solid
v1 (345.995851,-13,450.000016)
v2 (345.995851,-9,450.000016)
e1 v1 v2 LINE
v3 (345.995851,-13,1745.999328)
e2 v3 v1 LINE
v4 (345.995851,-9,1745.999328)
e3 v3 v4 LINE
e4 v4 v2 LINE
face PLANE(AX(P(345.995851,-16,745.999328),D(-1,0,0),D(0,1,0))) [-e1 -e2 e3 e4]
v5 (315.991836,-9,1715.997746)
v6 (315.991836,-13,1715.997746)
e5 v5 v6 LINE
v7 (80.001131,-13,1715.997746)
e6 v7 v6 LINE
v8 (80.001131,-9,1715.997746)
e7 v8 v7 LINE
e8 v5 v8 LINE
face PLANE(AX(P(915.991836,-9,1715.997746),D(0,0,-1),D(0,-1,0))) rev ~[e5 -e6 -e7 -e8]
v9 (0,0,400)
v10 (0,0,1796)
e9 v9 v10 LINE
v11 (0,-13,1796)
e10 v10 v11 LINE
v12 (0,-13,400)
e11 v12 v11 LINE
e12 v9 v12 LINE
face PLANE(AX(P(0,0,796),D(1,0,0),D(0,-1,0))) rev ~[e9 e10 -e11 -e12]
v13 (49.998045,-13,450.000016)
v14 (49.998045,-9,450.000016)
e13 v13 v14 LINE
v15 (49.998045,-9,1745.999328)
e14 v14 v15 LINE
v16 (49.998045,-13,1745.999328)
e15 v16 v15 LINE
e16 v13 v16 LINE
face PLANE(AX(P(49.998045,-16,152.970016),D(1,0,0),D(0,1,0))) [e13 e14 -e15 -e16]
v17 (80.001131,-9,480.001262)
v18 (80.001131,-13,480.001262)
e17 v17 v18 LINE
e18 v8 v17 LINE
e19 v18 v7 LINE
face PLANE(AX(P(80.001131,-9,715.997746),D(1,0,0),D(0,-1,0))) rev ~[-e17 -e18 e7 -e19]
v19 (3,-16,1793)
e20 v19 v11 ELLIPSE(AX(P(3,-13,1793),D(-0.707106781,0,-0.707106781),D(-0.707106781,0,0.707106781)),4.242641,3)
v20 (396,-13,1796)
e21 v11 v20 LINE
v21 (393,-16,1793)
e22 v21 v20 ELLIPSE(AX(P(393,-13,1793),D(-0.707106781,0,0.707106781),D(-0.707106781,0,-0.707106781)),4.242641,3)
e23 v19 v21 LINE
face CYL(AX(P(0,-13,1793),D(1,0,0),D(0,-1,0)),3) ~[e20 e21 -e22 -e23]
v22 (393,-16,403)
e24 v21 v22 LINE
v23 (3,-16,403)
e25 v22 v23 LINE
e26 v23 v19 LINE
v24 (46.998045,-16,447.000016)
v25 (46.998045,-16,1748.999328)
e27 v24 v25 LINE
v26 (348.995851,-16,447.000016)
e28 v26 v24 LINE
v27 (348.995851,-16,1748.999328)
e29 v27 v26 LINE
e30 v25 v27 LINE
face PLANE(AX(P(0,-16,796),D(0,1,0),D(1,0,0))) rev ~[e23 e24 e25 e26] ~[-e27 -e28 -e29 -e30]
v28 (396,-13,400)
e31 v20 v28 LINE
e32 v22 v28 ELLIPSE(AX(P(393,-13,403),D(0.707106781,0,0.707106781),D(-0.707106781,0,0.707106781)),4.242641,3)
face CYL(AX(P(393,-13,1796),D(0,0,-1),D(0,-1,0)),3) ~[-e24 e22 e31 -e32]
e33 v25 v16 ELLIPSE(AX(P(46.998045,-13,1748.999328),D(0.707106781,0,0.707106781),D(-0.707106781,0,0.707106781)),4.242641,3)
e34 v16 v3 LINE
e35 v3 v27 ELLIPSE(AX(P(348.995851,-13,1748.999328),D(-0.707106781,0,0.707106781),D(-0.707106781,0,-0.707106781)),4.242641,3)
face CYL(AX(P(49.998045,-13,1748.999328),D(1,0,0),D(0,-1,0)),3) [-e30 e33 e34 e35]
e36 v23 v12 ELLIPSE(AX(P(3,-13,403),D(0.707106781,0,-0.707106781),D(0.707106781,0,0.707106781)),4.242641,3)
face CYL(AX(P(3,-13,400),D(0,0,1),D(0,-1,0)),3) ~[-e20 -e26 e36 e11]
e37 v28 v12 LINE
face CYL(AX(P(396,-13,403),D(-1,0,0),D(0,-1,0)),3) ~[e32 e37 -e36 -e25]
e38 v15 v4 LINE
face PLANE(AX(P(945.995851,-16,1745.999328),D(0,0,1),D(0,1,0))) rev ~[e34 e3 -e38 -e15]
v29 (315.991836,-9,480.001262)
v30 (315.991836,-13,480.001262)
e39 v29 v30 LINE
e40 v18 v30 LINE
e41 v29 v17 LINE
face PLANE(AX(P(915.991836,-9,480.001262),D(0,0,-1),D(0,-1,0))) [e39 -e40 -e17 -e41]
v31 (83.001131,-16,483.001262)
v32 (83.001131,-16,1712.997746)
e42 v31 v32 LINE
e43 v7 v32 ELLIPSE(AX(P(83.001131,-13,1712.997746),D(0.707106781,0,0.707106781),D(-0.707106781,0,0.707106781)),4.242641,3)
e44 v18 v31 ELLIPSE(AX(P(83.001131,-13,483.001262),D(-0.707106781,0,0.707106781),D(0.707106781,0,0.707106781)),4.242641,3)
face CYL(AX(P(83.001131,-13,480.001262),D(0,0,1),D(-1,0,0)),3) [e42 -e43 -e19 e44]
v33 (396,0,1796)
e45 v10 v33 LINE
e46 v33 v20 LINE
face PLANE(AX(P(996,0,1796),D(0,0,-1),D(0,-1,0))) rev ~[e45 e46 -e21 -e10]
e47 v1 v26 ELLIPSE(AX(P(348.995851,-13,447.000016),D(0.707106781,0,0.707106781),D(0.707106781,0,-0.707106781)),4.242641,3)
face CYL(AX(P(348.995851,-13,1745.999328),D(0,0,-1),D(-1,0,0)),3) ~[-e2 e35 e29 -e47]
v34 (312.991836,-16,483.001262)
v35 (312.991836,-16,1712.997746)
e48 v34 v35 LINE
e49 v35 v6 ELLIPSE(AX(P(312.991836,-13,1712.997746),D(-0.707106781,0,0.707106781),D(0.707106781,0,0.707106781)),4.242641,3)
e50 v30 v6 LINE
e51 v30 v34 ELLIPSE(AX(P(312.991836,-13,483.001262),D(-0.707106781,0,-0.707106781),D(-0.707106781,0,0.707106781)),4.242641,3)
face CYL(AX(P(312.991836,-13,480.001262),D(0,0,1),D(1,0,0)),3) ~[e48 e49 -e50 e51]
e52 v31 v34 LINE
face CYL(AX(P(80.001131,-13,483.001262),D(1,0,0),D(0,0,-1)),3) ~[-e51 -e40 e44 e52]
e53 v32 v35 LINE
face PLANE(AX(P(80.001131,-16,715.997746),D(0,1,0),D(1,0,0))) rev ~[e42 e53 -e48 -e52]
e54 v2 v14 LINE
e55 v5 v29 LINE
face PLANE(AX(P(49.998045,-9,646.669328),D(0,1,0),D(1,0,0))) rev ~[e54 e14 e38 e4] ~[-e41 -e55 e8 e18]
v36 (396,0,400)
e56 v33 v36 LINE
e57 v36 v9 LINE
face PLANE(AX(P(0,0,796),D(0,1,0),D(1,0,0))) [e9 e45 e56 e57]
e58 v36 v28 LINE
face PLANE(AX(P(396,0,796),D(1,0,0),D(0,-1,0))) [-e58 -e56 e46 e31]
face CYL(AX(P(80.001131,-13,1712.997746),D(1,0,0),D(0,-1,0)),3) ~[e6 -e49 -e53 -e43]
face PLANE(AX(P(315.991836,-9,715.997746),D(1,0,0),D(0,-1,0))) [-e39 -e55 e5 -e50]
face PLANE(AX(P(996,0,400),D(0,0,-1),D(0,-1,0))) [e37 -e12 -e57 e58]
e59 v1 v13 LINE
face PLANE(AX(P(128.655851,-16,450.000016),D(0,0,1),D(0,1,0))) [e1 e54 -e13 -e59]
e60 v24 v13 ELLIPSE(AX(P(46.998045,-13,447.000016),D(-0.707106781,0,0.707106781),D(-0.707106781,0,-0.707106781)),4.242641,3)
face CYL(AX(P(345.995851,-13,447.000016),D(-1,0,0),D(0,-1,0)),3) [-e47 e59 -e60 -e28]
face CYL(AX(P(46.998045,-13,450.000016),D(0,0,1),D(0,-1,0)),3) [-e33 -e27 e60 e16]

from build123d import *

# Parameters (mm, degrees)
F0_W      = 44.656470418
F0_H      = 33.8078811765
F1_DEPTH  = 16
F2_DEPTH  = 796
F3_DEPTH  = 196
F4_W      = 68.9578056335
F4_H      = 493.6993122101
F5_DEPTH  = 7
F6_DEPTH  = 9.7
F7_DEPTH  = 99.33
F8_DEPTH  = 99.33
F9_DEPTH  = 17.34
F10_DEPTH = 102.97
F11_W     = 35.2807044983
F11_H     = 492.0964837074
F12_DEPTH = 7
F13_DEPTH = 37.27
F14_DEPTH = 6.58
F15_DEPTH = 106.63
F16_DEPTH = 5.87
F17_DEPTH = 200
F18_DEPTH = 200
F19_DEPTH = 200
F20_DEPTH = 200
F21_DEPTH = 200
F22_DEPTH = 200
F23_DEPTH = 400
F24_DEPTH = 400
F25_DEPTH = 400
F26_DEPTH = 400
F27_DEPTH = 400
F28_DEPTH = 400
F29_DEPTH = 400
F30_DEPTH = 400
F31_DEPTH = 400
F32_DEPTH = 1000
F33_DEPTH = 1000
F34_DEPTH = 1000
F35_DEPTH = 1000
F36_DEPTH = 1000
F37_DEPTH = 1000
F38_R     = 3


with BuildPart() as f1:
    # F0 (on Front) → F1 (new body)
    with BuildSketch(Plane.XZ):
        with Locations((22.328235209, 16.9039405882)):
            Rectangle(F0_W, F0_H)
    extrude(amount=F1_DEPTH)

    # F2 (add): a face of the model
    f2_faces = [f1.faces().sort_by_distance(p)[0] for p in [
        (22.328235209, -8, 0),
    ]]
    extrude(f2_faces, amount=-F2_DEPTH)

    # F3 (add): a face of the model
    f3_faces = [f1.faces().sort_by_distance(p)[0] for p in [
        (0, -8, 398),
    ]]
    extrude(f3_faces, amount=-F3_DEPTH)

    # F4 (on face) → F5 (cut)
    with BuildSketch(Plane.XZ.offset(16)):
        with Locations((94.1769480705, 399.8196721077)):
            Rectangle(F4_W, F4_H)
    extrude(amount=-F5_DEPTH, mode=Mode.SUBTRACT)

    # F6 (cut): a face of the model
    f6_faces = [f1.faces().sort_by_distance(p)[0] for p in [
        (59.6980452538, -12.5, 399.8196721077),
    ]]
    extrude(f6_faces, amount=-F6_DEPTH, mode=Mode.SUBTRACT)

    # F7 (add): a face of the model
    f7_faces = [f1.faces().sort_by_distance(p)[0] for p in [
        (89.3269480705, -12.5, 646.6693282127),
    ]]
    extrude(f7_faces, amount=-F7_DEPTH)

    # F8 (cut): a face of the model
    f8_faces = [f1.faces().sort_by_distance(p)[0] for p in [
        (89.3269480705, -12.5, 646.6693282127),
    ]]
    extrude(f8_faces, amount=-F8_DEPTH, mode=Mode.SUBTRACT)

    # F9 (cut): a face of the model
    f9_faces = [f1.faces().sort_by_distance(p)[0] for p in [
        (128.6558508873, -12.5, 449.4846721077),
    ]]
    extrude(f9_faces, amount=-F9_DEPTH, mode=Mode.SUBTRACT)

    # F10 (cut): a face of the model
    f10_faces = [f1.faces().sort_by_distance(p)[0] for p in [
        (97.9969480705, -12.5, 152.9700160027),
    ]]
    extrude(f10_faces, amount=-F10_DEPTH, mode=Mode.SUBTRACT)

    # F11 (on face) → F12 (join)
    with BuildSketch(Plane.XZ.offset(9)):
        with Locations((91.7714834213, 432.6795041561)):
            Rectangle(F11_W, F11_H)
    extrude(amount=F12_DEPTH)

    # F13 (add): a face of the model
    f13_faces = [f1.faces().sort_by_distance(p)[0] for p in [
        (91.7714834213, -12.5, 678.7277460098),
    ]]
    extrude(f13_faces, amount=F13_DEPTH)

    # F14 (add): a face of the model
    f14_faces = [f1.faces().sort_by_distance(p)[0] for p in [
        (109.4118356705, -12.5, 451.3145041561),
    ]]
    extrude(f14_faces, amount=F14_DEPTH)

    # F15 (add): a face of the model
    f15_faces = [f1.faces().sort_by_distance(p)[0] for p in [
        (95.0614834213, -12.5, 186.6312623024),
    ]]
    extrude(f15_faces, amount=F15_DEPTH)

    # F16 (cut): a face of the model
    f16_faces = [f1.faces().sort_by_distance(p)[0] for p in [
        (74.1311311722, -12.5, 397.9995041561),
    ]]
    extrude(f16_faces, amount=-F16_DEPTH, mode=Mode.SUBTRACT)

    # F17 (add): a face of the model
    f17_faces = [f1.faces().sort_by_distance(p)[0] for p in [
        (196, -8, 398),
    ]]
    extrude(f17_faces, amount=F17_DEPTH)

    # F18 (cut): a face of the model
    f18_faces = [f1.faces().sort_by_distance(p)[0] for p in [
        (145.9958508873, -12.5, 397.9996721077),
    ]]
    extrude(f18_faces, amount=-F18_DEPTH, mode=Mode.SUBTRACT)

    # F19 (add): a face of the model
    f19_faces = [f1.faces().sort_by_distance(p)[0] for p in [
        (115.9918356705, -12.5, 397.9995041561),
    ]]
    extrude(f19_faces, amount=F19_DEPTH)

    # F20 (add): a face of the model
    f20_faces = [f1.faces().sort_by_distance(p)[0] for p in [
        (396, -8, 398),
    ]]
    extrude(f20_faces, amount=F20_DEPTH)

    # F21 (cut): a face of the model
    f21_faces = [f1.faces().sort_by_distance(p)[0] for p in [
        (345.9958508873, -12.5, 397.9996721077),
    ]]
    extrude(f21_faces, amount=-F21_DEPTH, mode=Mode.SUBTRACT)

    # F22 (add): a face of the model
    f22_faces = [f1.faces().sort_by_distance(p)[0] for p in [
        (315.9918356705, -12.5, 397.9995041561),
    ]]
    extrude(f22_faces, amount=F22_DEPTH)

    # F23 (add): a face of the model
    f23_faces = [f1.faces().sort_by_distance(p)[0] for p in [
        (596, -8, 398),
    ]]
    extrude(f23_faces, amount=F23_DEPTH)

    # F24 (cut): a face of the model
    f24_faces = [f1.faces().sort_by_distance(p)[0] for p in [
        (545.9958508873, -12.5, 397.9996721077),
    ]]
    extrude(f24_faces, amount=-F24_DEPTH, mode=Mode.SUBTRACT)

    # F25 (add): a face of the model
    f25_faces = [f1.faces().sort_by_distance(p)[0] for p in [
        (515.9918356705, -12.5, 397.9995041561),
    ]]
    extrude(f25_faces, amount=F25_DEPTH)

    # F26 (cut): a face of the model
    f26_faces = [f1.faces().sort_by_distance(p)[0] for p in [
        (497.9964834213, -12.5, 80.0012623024),
    ]]
    extrude(f26_faces, amount=-F26_DEPTH, mode=Mode.SUBTRACT)

    # F27 (add): a face of the model
    f27_faces = [f1.faces().sort_by_distance(p)[0] for p in [
        (497.9969480705, -12.5, 50.0000160027),
    ]]
    extrude(f27_faces, amount=F27_DEPTH)

    # F28 (cut): a face of the model
    f28_faces = [f1.faces().sort_by_distance(p)[0] for p in [
        (498, -8, 0),
    ]]
    extrude(f28_faces, amount=-F28_DEPTH, mode=Mode.SUBTRACT)

    # F29 (add): a face of the model
    f29_faces = [f1.faces().sort_by_distance(p)[0] for p in [
        (996, -8, 598),
    ]]
    extrude(f29_faces, amount=F29_DEPTH)

    # F30 (cut): a face of the model
    f30_faces = [f1.faces().sort_by_distance(p)[0] for p in [
        (945.9958508873, -12.5, 597.9996721077),
    ]]
    extrude(f30_faces, amount=-F30_DEPTH, mode=Mode.SUBTRACT)

    # F31 (add): a face of the model
    f31_faces = [f1.faces().sort_by_distance(p)[0] for p in [
        (915.9918356705, -12.5, 597.9995041561),
    ]]
    extrude(f31_faces, amount=F31_DEPTH)

    # F32 (cut): a face of the model
    f32_faces = [f1.faces().sort_by_distance(p)[0] for p in [
        (1315.9918356705, -12.5, 597.9995041561),
    ]]
    extrude(f32_faces, amount=-F32_DEPTH, mode=Mode.SUBTRACT)

    # F33 (add): a face of the model
    f33_faces = [f1.faces().sort_by_distance(p)[0] for p in [
        (1345.9958508873, -12.5, 597.9996721077),
    ]]
    extrude(f33_faces, amount=F33_DEPTH)

    # F34 (cut): a face of the model
    f34_faces = [f1.faces().sort_by_distance(p)[0] for p in [
        (1396, -8, 598),
    ]]
    extrude(f34_faces, amount=-F34_DEPTH, mode=Mode.SUBTRACT)

    # F35 (add): a face of the model
    f35_faces = [f1.faces().sort_by_distance(p)[0] for p in [
        (198, -8, 796),
    ]]
    extrude(f35_faces, amount=F35_DEPTH)

    # F36 (cut): a face of the model
    f36_faces = [f1.faces().sort_by_distance(p)[0] for p in [
        (197.9969480705, -12.5, 745.9993282127),
    ]]
    extrude(f36_faces, amount=-F36_DEPTH, mode=Mode.SUBTRACT)

    # F37 (add): a face of the model
    f37_faces = [f1.faces().sort_by_distance(p)[0] for p in [
        (197.9964834213, -12.5, 715.9977460098),
    ]]
    extrude(f37_faces, amount=F37_DEPTH)

    # F38
    f38_edges = [f1.edges().sort_by_distance(p)[0] for p in [
        (80.001131, -16, 1097.999504),
        (197.996483, -16, 1715.997746),
        (315.991836, -16, 1097.999504),
        (197.996483, -16, 480.001262),
        (0, -16, 1098),
        (198, -16, 400),
        (396, -16, 1098),
        (198, -16, 1796),
        (345.995851, -16, 1097.999672),
        (197.996948, -16, 450.000016),
        (49.998045, -16, 1097.999672),
        (197.996948, -16, 1745.999328),
    ]]
    fillet(f38_edges, radius=F38_R)


solid = f1.part
